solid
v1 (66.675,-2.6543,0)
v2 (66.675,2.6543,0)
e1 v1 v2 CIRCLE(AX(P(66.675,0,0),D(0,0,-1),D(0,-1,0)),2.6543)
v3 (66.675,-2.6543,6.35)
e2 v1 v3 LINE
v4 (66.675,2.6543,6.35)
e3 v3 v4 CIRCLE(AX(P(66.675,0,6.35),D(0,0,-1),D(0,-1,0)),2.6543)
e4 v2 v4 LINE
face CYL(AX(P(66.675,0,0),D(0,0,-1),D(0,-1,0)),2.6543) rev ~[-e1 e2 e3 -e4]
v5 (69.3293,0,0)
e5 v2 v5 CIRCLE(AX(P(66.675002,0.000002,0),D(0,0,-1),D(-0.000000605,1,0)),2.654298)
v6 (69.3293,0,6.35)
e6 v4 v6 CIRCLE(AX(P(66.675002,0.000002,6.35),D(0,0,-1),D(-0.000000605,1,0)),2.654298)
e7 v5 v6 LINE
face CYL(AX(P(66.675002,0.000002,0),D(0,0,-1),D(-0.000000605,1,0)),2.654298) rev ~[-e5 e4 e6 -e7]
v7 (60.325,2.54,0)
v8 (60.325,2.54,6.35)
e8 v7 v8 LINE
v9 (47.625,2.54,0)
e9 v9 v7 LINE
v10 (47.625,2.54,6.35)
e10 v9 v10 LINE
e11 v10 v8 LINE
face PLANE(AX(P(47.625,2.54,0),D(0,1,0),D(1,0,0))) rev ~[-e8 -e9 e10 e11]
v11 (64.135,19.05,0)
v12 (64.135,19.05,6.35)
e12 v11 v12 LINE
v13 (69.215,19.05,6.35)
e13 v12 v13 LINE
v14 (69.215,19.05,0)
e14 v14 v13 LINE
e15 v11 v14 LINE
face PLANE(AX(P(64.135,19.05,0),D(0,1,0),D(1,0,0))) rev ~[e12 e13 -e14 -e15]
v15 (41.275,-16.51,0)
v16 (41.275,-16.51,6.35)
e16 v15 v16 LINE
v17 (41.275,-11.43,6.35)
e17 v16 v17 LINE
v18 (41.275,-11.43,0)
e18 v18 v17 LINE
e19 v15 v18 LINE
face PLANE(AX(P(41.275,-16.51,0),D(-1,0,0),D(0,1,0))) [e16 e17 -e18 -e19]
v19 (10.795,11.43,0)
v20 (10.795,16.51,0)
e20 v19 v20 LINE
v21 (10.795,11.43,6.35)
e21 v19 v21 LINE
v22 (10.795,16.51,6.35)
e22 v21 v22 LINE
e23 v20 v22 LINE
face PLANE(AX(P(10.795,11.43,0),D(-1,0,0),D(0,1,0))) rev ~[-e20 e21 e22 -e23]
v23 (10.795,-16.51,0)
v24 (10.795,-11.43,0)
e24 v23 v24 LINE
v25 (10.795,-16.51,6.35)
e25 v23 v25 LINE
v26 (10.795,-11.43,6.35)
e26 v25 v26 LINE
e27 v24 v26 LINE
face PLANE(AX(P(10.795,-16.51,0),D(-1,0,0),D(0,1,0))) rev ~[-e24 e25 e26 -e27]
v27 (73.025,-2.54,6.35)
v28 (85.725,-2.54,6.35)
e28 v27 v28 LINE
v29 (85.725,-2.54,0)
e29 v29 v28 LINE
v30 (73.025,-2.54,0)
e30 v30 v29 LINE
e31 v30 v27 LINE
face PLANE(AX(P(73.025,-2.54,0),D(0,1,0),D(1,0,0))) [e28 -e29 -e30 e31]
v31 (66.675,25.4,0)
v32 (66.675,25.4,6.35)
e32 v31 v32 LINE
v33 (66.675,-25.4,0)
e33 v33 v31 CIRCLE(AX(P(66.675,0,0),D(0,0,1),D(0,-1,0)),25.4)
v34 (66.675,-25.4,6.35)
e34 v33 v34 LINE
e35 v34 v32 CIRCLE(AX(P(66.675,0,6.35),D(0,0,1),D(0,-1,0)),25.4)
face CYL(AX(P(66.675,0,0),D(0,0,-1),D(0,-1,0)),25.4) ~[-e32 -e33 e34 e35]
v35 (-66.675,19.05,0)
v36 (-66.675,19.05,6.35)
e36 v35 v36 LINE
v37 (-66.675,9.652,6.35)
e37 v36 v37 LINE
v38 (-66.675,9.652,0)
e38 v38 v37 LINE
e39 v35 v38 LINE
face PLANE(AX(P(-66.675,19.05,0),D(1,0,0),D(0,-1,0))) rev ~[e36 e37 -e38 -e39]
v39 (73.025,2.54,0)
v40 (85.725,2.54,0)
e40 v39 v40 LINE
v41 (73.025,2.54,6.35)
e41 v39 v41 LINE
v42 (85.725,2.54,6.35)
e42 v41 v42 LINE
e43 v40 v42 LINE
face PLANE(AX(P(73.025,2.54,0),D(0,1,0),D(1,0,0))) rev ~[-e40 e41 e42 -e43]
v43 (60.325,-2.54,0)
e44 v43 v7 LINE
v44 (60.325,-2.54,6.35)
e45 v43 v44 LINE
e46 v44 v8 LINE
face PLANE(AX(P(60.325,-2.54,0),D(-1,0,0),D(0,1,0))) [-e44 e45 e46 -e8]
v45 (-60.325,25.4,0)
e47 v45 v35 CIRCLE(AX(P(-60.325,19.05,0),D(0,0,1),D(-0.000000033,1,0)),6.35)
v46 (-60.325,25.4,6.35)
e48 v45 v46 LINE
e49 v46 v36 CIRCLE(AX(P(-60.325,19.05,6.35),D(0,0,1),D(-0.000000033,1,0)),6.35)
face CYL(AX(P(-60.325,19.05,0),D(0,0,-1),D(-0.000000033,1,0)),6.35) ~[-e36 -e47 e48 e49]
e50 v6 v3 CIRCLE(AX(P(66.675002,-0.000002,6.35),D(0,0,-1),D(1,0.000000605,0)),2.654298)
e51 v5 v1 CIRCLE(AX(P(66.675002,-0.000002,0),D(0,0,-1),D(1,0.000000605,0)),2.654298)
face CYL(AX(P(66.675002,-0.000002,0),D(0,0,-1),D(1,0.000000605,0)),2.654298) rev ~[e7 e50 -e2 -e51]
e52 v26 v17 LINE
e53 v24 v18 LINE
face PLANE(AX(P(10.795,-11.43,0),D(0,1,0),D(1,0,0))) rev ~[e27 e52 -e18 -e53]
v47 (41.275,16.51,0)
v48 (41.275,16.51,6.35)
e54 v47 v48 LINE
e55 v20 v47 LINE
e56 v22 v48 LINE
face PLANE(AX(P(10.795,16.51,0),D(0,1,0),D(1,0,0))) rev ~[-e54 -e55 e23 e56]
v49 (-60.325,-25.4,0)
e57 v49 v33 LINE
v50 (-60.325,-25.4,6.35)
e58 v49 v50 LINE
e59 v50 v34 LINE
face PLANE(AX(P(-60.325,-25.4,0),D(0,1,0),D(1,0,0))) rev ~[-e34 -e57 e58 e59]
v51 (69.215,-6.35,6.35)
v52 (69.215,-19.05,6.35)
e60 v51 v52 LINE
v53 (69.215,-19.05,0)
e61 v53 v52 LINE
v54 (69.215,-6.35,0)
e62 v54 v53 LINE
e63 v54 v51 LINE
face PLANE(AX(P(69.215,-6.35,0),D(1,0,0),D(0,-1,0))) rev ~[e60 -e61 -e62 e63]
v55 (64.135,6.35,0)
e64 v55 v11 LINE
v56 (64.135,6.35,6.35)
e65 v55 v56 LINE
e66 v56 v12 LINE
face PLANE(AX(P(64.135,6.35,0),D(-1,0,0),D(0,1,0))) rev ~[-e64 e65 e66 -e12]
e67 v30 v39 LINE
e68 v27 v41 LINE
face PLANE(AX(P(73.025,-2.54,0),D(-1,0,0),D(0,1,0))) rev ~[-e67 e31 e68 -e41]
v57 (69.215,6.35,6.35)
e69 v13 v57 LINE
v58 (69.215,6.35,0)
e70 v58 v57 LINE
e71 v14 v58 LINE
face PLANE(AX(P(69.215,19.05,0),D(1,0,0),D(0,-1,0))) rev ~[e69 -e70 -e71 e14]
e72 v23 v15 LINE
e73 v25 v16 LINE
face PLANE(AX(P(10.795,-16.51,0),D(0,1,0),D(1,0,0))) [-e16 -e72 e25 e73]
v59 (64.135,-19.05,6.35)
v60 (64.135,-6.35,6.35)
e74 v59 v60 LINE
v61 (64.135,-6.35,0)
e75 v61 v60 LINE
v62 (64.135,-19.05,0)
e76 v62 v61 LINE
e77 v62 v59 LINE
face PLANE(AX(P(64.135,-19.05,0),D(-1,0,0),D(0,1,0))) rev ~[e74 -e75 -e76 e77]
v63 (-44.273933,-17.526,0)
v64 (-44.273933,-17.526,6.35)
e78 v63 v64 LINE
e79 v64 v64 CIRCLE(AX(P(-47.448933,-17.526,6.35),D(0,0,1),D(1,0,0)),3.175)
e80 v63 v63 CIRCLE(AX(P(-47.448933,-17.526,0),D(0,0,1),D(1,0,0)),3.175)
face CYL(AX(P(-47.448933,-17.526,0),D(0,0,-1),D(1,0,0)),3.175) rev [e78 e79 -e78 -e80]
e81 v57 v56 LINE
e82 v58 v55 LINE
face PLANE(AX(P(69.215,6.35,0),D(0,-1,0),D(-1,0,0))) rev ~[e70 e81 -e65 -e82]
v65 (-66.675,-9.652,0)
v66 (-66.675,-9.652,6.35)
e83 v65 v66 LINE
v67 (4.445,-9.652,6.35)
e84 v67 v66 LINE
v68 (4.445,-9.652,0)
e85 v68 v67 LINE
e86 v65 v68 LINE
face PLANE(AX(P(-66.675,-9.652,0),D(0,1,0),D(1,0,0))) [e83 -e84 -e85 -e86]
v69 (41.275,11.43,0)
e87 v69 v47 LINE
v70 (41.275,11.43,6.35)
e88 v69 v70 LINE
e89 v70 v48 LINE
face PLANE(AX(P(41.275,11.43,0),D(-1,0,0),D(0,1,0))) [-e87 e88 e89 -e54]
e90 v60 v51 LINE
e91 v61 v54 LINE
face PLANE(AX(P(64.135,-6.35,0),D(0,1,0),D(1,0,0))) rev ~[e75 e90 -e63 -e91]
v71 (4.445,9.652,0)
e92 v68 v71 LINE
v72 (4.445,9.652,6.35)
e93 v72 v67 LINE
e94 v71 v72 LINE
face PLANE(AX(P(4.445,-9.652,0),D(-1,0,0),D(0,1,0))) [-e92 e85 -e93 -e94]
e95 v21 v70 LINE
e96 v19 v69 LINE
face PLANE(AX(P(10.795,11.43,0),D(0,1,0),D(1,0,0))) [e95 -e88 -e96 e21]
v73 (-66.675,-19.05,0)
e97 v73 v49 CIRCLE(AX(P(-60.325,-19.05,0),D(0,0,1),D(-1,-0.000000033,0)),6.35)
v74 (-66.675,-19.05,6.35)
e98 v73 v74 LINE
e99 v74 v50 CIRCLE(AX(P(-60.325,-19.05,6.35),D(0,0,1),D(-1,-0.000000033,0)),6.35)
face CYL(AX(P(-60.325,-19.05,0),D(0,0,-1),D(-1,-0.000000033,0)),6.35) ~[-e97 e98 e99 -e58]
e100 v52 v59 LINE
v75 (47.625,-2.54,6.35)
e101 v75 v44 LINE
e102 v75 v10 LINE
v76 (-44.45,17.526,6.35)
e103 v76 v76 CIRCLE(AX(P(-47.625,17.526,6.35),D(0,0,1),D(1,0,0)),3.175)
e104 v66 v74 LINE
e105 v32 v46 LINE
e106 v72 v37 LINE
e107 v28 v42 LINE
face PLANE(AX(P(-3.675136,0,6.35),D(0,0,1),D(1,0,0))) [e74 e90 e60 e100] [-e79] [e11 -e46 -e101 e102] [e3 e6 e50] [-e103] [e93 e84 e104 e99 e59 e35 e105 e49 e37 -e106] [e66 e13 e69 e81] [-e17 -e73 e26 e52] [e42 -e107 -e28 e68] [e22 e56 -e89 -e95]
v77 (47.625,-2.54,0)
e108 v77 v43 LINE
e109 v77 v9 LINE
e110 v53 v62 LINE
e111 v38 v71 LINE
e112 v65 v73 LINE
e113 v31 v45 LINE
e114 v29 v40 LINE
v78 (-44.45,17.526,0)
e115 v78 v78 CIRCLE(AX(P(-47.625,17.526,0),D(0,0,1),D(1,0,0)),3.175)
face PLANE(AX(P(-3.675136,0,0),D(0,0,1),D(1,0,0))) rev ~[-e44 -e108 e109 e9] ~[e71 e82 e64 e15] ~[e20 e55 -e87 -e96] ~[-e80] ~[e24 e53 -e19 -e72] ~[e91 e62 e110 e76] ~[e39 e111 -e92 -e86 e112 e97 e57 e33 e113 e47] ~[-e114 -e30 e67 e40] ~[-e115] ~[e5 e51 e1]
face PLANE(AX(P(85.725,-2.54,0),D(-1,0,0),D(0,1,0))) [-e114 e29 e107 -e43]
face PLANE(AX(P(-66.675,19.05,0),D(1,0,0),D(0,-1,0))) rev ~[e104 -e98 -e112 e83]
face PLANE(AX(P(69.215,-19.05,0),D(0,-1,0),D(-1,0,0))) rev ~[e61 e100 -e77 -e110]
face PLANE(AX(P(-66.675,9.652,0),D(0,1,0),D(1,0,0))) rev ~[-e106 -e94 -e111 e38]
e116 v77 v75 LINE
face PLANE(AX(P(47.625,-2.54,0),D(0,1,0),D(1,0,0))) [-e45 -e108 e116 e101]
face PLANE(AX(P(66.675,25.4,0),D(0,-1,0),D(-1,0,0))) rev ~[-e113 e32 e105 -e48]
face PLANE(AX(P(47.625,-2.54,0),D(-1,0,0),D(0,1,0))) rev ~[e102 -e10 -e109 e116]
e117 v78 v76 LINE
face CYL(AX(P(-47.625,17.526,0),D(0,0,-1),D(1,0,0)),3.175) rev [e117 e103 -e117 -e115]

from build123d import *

# Parameters (mm, degrees)
F0_R        = 3.175
F0_W        = 30.48
F0_H        = 5.08
F0_W_2      = 12.7
F0_W_3      = 71.12
F0_H_2      = 19.304
F1_DEPTH    = 6.35
F1_FACE_W   = 5.08
F1_FACE_H   = 12.7
F1_FACE_R   = 2.6543
F1_FACE_R_2 = 3.175
F1_FACE_W_2 = 30.48
F1_FACE_H_2 = 5.08
F1_FACE_W_3 = 12.7
F2_DEPTH    = 6.35
F3_DEPTH    = 93.98


with BuildPart() as f1:
    # F0 (on Top) → F1 (new body)
    with BuildSketch(Plane.XY):
        with BuildLine():
            Line((66.675, 19.05), (66.675, 25.4))
            Line((66.675, 25.4), (-60.325, 25.4))
            ThreePointArc((-60.325, 25.4), (-64.815128, 23.540128), (-66.675, 19.05))
            Line((-66.675, 19.05), (-66.675, 9.652))
            Line((-66.675, 9.652), (4.445, 9.652))
            Line((4.445, 9.652), (4.445, -9.652))
            Line((4.445, -9.652), (-66.675, -9.652))
            Line((-66.675, -9.652), (-66.675, -19.05))
            ThreePointArc((-66.675, -19.05), (-64.815128, -23.540128), (-60.325, -25.4))
            Line((-60.325, -25.4), (66.675, -25.4))
            Line((66.675, -25.4), (66.675, -19.05))
            Line((66.675, -19.05), (64.135, -19.05))
            Line((64.135, -19.05), (64.135, -6.35))
            Line((64.135, -6.35), (66.675, -6.35))
            Line((66.675, -6.35), (66.675, -2.6543))
            ThreePointArc((66.675, -2.6543), (64.0207, 0), (66.675, 2.6543))
            Line((66.675, 2.6543), (66.675, 6.35))
            Line((66.675, 6.35), (64.135, 6.35))
            Line((64.135, 6.35), (64.135, 19.05))
            Line((64.135, 19.05), (66.675, 19.05))
        make_face()
        with Locations((-47.448933, -17.526)):
            Circle(F0_R, mode=Mode.SUBTRACT)
        with Locations((26.035, -13.97)):
            Rectangle(F0_W, F0_H, mode=Mode.SUBTRACT)
        with Locations((53.975, 0)):
            Rectangle(F0_W_2, F0_H, mode=Mode.SUBTRACT)
        with Locations((-47.625, 17.526)):
            Circle(F0_R, mode=Mode.SUBTRACT)
        with Locations((26.035, 13.97)):
            Rectangle(F0_W, F0_H, mode=Mode.SUBTRACT)
        with BuildLine():
            ThreePointArc((66.675, -25.4), (92.075, 0), (66.675, 25.4))
            Line((66.675, 25.4), (66.675, 19.05))
            Line((66.675, 19.05), (69.215, 19.05))
            Line((69.215, 19.05), (69.215, 6.35))
            Line((69.215, 6.35), (66.675, 6.35))
            Line((66.675, 6.35), (66.675, 2.6543))
            ThreePointArc((66.675, 2.6543), (68.551874, 1.876874), (69.3293, 0))
            ThreePointArc((69.3293, 0), (68.551874, -1.876874), (66.675, -2.6543))
            Line((66.675, -2.6543), (66.675, -6.35))
            Line((66.675, -6.35), (69.215, -6.35))
            Line((69.215, -6.35), (69.215, -19.05))
            Line((69.215, -19.05), (66.675, -19.05))
            Line((66.675, -19.05), (66.675, -25.4))
        make_face()
        with Locations((79.375, 0)):
            Rectangle(F0_W_2, F0_H, mode=Mode.SUBTRACT)
        with Locations((-31.115, 0)):
            Rectangle(F0_W_3, F0_H_2)
    extrude(amount=F1_DEPTH)

    # F1_face (on face) → F2 (join)
    with BuildSketch(Plane(origin=(7.852921, 0, 6.35), x_dir=(1, 0, 0), z_dir=(0, 0, 1))):
        with BuildLine():
            Line((58.822079, 25.4), (-68.177921, 25.4))
            ThreePointArc((-68.177921, 25.4), (-72.668049, 23.540128), (-74.527921, 19.05))
            Line((-74.527921, 19.05), (-74.527921, -19.05))
            ThreePointArc((-74.527921, -19.05), (-72.668049, -23.540128), (-68.177921, -25.4))
            Line((-68.177921, -25.4), (58.822079, -25.4))
            ThreePointArc((58.822079, -25.4), (84.222079, 0), (58.822079, 25.4))
        make_face()
        with Locations((58.822079, 12.7)):
            Rectangle(F1_FACE_W, F1_FACE_H, mode=Mode.SUBTRACT)
        with Locations((58.822079, -12.7)):
            Rectangle(F1_FACE_W, F1_FACE_H, mode=Mode.SUBTRACT)
        with Locations((58.822079, 0)):
            Circle(F1_FACE_R, mode=Mode.SUBTRACT)
        with Locations((-55.301854, -17.526)):
            Circle(F1_FACE_R_2, mode=Mode.SUBTRACT)
        with Locations((18.182079, -13.97)):
            Rectangle(F1_FACE_W_2, F1_FACE_H_2, mode=Mode.SUBTRACT)
        with Locations((46.122079, 0)):
            Rectangle(F1_FACE_W_3, F1_FACE_H_2, mode=Mode.SUBTRACT)
        with Locations((-55.477921, 17.526)):
            Circle(F1_FACE_R_2, mode=Mode.SUBTRACT)
        with Locations((18.182079, 13.97)):
            Rectangle(F1_FACE_W_2, F1_FACE_H_2, mode=Mode.SUBTRACT)
        with Locations((71.522079, 0)):
            Rectangle(F1_FACE_W_3, F1_FACE_H_2, mode=Mode.SUBTRACT)
    extrude(amount=-F2_DEPTH)

    # F0 (on Top) → F3 (cut)
    with BuildSketch(Plane.XY):
        with Locations((-31.115, 0)):
            Rectangle(F0_W_3, F0_H_2)
    extrude(amount=F3_DEPTH, mode=Mode.SUBTRACT)


solid = f1.part
